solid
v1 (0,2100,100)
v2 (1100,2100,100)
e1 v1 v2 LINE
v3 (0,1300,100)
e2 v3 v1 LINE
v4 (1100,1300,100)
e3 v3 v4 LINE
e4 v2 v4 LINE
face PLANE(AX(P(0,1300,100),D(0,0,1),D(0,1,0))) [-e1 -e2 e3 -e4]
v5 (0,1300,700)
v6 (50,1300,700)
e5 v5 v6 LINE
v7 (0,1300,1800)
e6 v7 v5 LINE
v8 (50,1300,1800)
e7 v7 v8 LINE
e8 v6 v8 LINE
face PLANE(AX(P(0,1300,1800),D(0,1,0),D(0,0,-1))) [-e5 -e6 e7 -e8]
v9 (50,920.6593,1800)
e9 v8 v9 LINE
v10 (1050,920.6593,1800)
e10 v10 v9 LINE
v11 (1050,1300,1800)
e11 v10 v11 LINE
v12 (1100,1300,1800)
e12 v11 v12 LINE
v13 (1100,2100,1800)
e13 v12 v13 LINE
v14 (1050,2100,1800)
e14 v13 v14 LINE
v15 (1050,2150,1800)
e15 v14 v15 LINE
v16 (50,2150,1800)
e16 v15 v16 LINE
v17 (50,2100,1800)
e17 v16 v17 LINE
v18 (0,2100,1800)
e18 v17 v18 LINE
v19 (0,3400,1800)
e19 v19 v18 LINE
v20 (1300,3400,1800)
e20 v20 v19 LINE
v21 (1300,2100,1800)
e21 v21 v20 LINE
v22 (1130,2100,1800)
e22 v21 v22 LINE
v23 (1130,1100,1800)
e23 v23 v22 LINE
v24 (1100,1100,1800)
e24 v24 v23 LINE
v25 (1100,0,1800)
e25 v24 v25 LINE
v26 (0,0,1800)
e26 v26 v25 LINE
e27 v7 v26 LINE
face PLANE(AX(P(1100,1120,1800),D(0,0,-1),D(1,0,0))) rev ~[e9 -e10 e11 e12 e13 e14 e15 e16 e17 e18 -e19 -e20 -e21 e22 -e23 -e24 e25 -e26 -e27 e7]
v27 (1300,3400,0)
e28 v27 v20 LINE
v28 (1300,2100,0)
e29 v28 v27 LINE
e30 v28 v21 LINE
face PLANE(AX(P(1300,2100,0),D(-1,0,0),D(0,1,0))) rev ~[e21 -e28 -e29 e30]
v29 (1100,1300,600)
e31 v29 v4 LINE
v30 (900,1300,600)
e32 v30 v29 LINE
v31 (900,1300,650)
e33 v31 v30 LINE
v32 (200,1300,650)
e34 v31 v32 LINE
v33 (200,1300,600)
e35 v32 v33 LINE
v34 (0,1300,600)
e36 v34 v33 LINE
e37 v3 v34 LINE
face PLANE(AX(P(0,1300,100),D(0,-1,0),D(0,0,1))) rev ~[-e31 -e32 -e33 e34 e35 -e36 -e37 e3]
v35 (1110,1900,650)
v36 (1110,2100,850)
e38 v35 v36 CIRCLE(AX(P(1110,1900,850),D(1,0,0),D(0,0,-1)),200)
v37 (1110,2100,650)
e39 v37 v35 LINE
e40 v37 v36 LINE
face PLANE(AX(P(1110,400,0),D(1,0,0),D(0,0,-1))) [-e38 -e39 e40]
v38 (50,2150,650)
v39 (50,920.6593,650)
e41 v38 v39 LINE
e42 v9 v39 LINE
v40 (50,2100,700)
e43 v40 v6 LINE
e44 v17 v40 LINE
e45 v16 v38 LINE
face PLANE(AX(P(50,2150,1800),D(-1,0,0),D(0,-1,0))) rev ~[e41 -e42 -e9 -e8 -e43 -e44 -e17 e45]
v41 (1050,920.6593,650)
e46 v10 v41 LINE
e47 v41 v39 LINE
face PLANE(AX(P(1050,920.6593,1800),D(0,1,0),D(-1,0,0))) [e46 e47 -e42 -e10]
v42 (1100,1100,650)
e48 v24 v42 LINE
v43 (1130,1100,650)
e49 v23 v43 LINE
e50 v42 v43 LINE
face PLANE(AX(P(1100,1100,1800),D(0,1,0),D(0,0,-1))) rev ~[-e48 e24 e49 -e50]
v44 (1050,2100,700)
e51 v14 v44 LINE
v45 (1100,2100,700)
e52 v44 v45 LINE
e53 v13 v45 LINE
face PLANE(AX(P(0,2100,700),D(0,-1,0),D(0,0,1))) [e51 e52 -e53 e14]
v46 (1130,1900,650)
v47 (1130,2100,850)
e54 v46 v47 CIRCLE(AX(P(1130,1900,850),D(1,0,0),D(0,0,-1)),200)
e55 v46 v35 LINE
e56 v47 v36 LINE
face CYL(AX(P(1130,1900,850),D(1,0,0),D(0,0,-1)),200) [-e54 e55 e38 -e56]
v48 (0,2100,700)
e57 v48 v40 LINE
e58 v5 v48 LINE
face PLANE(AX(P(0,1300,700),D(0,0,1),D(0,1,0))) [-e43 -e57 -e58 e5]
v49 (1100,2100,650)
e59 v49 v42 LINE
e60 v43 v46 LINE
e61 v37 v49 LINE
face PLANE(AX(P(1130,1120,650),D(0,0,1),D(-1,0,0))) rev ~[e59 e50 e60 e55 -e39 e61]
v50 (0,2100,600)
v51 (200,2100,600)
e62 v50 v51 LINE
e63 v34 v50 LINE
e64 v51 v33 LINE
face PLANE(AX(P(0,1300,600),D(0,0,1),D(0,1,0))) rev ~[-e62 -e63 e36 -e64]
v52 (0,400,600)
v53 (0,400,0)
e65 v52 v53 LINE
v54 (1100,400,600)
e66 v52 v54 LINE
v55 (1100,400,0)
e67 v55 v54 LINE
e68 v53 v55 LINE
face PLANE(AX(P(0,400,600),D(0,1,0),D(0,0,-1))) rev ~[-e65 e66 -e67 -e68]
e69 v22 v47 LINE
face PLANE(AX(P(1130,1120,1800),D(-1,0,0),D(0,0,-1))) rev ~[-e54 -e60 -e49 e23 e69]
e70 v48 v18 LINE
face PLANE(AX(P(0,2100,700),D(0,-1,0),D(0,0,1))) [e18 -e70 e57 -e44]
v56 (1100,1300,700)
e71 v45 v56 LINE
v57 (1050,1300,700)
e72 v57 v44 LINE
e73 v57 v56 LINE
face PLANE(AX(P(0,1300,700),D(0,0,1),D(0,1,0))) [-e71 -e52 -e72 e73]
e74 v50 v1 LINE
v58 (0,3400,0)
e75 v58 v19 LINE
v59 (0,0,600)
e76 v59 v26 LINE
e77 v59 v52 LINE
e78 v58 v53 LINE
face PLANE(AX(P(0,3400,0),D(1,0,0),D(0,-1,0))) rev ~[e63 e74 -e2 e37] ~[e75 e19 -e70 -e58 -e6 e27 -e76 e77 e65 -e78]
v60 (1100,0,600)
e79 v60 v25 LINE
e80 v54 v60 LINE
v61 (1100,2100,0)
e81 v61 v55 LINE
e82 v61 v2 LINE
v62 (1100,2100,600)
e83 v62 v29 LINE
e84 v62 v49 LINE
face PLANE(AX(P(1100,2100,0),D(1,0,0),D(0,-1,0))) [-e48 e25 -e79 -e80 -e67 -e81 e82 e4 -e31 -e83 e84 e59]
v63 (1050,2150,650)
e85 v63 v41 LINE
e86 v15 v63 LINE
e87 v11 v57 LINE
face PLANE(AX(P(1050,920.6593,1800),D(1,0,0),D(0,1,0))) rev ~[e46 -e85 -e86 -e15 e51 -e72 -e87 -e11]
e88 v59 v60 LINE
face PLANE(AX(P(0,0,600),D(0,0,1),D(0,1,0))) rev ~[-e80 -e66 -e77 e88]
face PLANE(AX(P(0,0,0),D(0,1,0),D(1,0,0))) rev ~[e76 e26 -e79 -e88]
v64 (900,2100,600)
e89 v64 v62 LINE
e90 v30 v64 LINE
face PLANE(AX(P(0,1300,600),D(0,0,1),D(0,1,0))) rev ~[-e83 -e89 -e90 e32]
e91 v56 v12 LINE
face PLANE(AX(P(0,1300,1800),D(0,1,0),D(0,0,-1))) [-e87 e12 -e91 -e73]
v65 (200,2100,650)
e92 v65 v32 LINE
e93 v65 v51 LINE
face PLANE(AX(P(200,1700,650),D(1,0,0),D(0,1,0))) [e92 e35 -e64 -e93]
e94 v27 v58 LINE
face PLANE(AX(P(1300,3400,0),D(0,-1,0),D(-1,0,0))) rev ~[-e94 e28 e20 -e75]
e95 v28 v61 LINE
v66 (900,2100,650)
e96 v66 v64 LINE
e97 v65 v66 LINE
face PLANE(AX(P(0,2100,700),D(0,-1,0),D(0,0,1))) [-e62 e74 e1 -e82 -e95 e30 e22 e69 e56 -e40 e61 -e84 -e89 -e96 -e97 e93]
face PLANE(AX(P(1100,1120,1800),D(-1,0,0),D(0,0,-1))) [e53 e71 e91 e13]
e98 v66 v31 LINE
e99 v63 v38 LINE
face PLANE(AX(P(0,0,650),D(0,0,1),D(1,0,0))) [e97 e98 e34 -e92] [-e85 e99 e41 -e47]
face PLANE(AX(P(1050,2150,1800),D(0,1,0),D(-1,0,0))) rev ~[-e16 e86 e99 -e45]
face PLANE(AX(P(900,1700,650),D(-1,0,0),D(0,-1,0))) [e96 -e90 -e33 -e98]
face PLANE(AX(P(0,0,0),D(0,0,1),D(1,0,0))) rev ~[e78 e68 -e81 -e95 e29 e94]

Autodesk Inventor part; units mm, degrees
ref_plane "YZ Plane" through (0, 0, 0) normal (1, 0, 0) x (0, 1, 0)
ref_plane "XZ Plane" through (0, 0, 0) normal (0, 1, 0) x (-1, 0, 0)
ref_plane "XY Plane" through (0, 0, 0) normal (0, 0, 1) x (1, 0, 0)
sketch "Sketch1" plane through (0, 0, 0) normal (0, 0, 1) x (1, 0, 0)
  line L0 (0, 0) -> (1300, 0)
  line L1 (1300, 3400) -> (0, 3400)
  line L2 (0, 3400) -> (0, 0)
  line L3 (1300, 2100) -> (1100, 2100)
  line L4 (1100, 2100) -> (1100, 0)
  line L5 (1300, 2100) -> (1300, 3400)
  dimension "d0" = 1300
extrude "Extrusion1" add sketch "Sketch1" along normal blind 1800
sketch "Sketch2" plane through (0, 0, 0) normal (-1, 0, 0) x (0, 0, 1)
  line L0 (0, 0) -> (1800, 0) projected
  line L1 (0, 0) -> (600, 0)
  line L2 (600, 0) -> (600, 400)
  line L3 (600, 400) -> (0, 400)
  line L4 (0, 400) -> (0, 0)
  line L5 (0, 3400) -> (1800, 3400) projected
  line L6 (0, 1300) -> (600, 1300)
  line L7 (600, 1300) -> (600, 2100)
  line L8 (600, 2100) -> (0, 2100)
  line L9 (0, 2100) -> (0, 1300)
  line L10 (600, 1300) -> (100, 1300)
  line L11 (100, 1300) -> (100, 2100)
  line L12 (100, 2100) -> (600, 2100)
  line L13 (600, 2100) -> (600, 1300)
  line L14 (600, 1300) -> (600, 400)
  line L15 (700, 2100) -> (1800, 2100)
  line L16 (1800, 2100) -> (1800, 1300)
  line L17 (1800, 1300) -> (700, 1300)
  line L18 (700, 1300) -> (700, 2100)
  dimension "d4" = 600
  dimension "d5" = 400
  dimension "d13" = 600
  dimension "d14" = 800
  dimension "d15" = 500
  dimension "d21" = 900
  dimension "d25" = 800
extrude "Extrusion2" cut sketch "Sketch2" against normal blind 1800 contours L4 L3 L2 L0 | L6 L11 L8 L7 | L15 L16 L17 L18
sketch "Sketch3" plane through (0, 0, 1800) normal (0, 0, 1) x (1, 0, 0)
  line L0 (50, 2150) -> (50, 920.6593)
  line L1 (1050, 920.6593) -> (1050, 2150)
  line L2 (1050, 2100) -> (1050, 2150)
  line L3 (1100, 2100) -> (1300, 2100) projected
  line L4 (1300, 2100) -> (1250, 2100)
  line L5 (1050, 2150) -> (50, 2150)
  line L6 (1050, 920.6593) -> (50, 920.6593)
extrude "Extrusion3" cut sketch "Sketch3" against normal blind 1150
sketch "Sketch6" plane through (0, 0, 650) normal (0, 0, 1) x (1, 0, 0)
  line L0 (1050, 1300) -> (1050, 2100) projected
  line L1 (0, 2100) -> (1100, 2100) projected
  line L2 (1050, 1300) -> (50, 1300)
  line L3 (50, 1300) -> (50, 2100)
  line L4 (50, 2100) -> (1050, 2100)
  line L5 (1050, 2100) -> (1050, 1300)
  line L6 (1050, 1700) -> (900, 1700)
  line L7 (900, 1700) -> (900, 2100)
  line L8 (900, 1700) -> (900, 1300)
  line L9 (50, 1700) -> (200, 1700)
  line L10 (200, 1700) -> (200, 1300)
  line L11 (200, 1700) -> (200, 2100)
  point P0 (0, 0)
  point P1 (1050, 49.9974)
  dimension "d32" = 1000
  dimension "d33" = 150
  dimension "d34" = 150
extrude "Extrusion6" cut sketch "Sketch6" against normal blind 150 contours L2 L10 L11 L1 L7 L8
sketch "Sketch7" plane through (1100, 400, 0) normal (1, 0, 0) x (0, 0, -1)
  line L0 (-1800, 700) -> (-650, 700)
  line L1 (-650, 520.6593) -> (-650, 1750) projected
  line L2 (-650, 720) -> (-650, 700)
  line L3 (-650, 720) -> (-1800, 720)
  line L4 (-1800, 900) -> (-1800, -400) projected
  line L5 (-1800, 700) -> (-1800, 720)
  point P0 (0, -400)
  point P1 (-650, -350.0026)
  point P2 (-650, 2950)
extrude "Extrusion7" add sketch "Sketch7" along normal blind 30
sketch "Sketch8" plane through (1100, 1120, 1800) normal (0, 1, 0) x (1, 0, 0)
  line L0 (30, 0) -> (30, 1150) projected
  line L1 (0, 0) -> (0, 1150) projected
  line L2 (30, 1150) -> (0, 1150)
  line L3 (0, 1150) -> (0, 0)
  line L4 (0, 0) -> (30, 0)
  line L5 (30, 0) -> (30, 1150)
  point P0 (-1100, 1800)
extrude "Extrusion8" add sketch "Sketch8" along normal blind 1000
sketch "Sketch9" plane through (1130, 400, 0) normal (1, 0, 0) x (0, 0, -1)
  line L0 (-650, 1700) -> (-650, 700) projected
  line L1 (-650, 1300) -> (-650, 1500)
  line L2 (-850, 1700) -> (-1050, 1700)
  arc A0 (-650, 1500) -> (-850, 1700) centre (-850, 1500) ccw
  line L3 (-650, 1700) -> (-1072.0308, 1700)
  line L4 (-1072.0308, 1700) -> (-1072.0308, 1153.2705)
  line L5 (-1072.0308, 1153.2705) -> (-650, 1153.2705)
  line L6 (-650, 1153.2705) -> (-650, 1700)
  point P0 (0, -400)
  dimension "d42" = 400
  dimension "d43" = 200
extrude "Extrusion9" cut sketch "Sketch9" against normal blind 20 contours L0 A0 L3
properties part number "InjectionMachine"
